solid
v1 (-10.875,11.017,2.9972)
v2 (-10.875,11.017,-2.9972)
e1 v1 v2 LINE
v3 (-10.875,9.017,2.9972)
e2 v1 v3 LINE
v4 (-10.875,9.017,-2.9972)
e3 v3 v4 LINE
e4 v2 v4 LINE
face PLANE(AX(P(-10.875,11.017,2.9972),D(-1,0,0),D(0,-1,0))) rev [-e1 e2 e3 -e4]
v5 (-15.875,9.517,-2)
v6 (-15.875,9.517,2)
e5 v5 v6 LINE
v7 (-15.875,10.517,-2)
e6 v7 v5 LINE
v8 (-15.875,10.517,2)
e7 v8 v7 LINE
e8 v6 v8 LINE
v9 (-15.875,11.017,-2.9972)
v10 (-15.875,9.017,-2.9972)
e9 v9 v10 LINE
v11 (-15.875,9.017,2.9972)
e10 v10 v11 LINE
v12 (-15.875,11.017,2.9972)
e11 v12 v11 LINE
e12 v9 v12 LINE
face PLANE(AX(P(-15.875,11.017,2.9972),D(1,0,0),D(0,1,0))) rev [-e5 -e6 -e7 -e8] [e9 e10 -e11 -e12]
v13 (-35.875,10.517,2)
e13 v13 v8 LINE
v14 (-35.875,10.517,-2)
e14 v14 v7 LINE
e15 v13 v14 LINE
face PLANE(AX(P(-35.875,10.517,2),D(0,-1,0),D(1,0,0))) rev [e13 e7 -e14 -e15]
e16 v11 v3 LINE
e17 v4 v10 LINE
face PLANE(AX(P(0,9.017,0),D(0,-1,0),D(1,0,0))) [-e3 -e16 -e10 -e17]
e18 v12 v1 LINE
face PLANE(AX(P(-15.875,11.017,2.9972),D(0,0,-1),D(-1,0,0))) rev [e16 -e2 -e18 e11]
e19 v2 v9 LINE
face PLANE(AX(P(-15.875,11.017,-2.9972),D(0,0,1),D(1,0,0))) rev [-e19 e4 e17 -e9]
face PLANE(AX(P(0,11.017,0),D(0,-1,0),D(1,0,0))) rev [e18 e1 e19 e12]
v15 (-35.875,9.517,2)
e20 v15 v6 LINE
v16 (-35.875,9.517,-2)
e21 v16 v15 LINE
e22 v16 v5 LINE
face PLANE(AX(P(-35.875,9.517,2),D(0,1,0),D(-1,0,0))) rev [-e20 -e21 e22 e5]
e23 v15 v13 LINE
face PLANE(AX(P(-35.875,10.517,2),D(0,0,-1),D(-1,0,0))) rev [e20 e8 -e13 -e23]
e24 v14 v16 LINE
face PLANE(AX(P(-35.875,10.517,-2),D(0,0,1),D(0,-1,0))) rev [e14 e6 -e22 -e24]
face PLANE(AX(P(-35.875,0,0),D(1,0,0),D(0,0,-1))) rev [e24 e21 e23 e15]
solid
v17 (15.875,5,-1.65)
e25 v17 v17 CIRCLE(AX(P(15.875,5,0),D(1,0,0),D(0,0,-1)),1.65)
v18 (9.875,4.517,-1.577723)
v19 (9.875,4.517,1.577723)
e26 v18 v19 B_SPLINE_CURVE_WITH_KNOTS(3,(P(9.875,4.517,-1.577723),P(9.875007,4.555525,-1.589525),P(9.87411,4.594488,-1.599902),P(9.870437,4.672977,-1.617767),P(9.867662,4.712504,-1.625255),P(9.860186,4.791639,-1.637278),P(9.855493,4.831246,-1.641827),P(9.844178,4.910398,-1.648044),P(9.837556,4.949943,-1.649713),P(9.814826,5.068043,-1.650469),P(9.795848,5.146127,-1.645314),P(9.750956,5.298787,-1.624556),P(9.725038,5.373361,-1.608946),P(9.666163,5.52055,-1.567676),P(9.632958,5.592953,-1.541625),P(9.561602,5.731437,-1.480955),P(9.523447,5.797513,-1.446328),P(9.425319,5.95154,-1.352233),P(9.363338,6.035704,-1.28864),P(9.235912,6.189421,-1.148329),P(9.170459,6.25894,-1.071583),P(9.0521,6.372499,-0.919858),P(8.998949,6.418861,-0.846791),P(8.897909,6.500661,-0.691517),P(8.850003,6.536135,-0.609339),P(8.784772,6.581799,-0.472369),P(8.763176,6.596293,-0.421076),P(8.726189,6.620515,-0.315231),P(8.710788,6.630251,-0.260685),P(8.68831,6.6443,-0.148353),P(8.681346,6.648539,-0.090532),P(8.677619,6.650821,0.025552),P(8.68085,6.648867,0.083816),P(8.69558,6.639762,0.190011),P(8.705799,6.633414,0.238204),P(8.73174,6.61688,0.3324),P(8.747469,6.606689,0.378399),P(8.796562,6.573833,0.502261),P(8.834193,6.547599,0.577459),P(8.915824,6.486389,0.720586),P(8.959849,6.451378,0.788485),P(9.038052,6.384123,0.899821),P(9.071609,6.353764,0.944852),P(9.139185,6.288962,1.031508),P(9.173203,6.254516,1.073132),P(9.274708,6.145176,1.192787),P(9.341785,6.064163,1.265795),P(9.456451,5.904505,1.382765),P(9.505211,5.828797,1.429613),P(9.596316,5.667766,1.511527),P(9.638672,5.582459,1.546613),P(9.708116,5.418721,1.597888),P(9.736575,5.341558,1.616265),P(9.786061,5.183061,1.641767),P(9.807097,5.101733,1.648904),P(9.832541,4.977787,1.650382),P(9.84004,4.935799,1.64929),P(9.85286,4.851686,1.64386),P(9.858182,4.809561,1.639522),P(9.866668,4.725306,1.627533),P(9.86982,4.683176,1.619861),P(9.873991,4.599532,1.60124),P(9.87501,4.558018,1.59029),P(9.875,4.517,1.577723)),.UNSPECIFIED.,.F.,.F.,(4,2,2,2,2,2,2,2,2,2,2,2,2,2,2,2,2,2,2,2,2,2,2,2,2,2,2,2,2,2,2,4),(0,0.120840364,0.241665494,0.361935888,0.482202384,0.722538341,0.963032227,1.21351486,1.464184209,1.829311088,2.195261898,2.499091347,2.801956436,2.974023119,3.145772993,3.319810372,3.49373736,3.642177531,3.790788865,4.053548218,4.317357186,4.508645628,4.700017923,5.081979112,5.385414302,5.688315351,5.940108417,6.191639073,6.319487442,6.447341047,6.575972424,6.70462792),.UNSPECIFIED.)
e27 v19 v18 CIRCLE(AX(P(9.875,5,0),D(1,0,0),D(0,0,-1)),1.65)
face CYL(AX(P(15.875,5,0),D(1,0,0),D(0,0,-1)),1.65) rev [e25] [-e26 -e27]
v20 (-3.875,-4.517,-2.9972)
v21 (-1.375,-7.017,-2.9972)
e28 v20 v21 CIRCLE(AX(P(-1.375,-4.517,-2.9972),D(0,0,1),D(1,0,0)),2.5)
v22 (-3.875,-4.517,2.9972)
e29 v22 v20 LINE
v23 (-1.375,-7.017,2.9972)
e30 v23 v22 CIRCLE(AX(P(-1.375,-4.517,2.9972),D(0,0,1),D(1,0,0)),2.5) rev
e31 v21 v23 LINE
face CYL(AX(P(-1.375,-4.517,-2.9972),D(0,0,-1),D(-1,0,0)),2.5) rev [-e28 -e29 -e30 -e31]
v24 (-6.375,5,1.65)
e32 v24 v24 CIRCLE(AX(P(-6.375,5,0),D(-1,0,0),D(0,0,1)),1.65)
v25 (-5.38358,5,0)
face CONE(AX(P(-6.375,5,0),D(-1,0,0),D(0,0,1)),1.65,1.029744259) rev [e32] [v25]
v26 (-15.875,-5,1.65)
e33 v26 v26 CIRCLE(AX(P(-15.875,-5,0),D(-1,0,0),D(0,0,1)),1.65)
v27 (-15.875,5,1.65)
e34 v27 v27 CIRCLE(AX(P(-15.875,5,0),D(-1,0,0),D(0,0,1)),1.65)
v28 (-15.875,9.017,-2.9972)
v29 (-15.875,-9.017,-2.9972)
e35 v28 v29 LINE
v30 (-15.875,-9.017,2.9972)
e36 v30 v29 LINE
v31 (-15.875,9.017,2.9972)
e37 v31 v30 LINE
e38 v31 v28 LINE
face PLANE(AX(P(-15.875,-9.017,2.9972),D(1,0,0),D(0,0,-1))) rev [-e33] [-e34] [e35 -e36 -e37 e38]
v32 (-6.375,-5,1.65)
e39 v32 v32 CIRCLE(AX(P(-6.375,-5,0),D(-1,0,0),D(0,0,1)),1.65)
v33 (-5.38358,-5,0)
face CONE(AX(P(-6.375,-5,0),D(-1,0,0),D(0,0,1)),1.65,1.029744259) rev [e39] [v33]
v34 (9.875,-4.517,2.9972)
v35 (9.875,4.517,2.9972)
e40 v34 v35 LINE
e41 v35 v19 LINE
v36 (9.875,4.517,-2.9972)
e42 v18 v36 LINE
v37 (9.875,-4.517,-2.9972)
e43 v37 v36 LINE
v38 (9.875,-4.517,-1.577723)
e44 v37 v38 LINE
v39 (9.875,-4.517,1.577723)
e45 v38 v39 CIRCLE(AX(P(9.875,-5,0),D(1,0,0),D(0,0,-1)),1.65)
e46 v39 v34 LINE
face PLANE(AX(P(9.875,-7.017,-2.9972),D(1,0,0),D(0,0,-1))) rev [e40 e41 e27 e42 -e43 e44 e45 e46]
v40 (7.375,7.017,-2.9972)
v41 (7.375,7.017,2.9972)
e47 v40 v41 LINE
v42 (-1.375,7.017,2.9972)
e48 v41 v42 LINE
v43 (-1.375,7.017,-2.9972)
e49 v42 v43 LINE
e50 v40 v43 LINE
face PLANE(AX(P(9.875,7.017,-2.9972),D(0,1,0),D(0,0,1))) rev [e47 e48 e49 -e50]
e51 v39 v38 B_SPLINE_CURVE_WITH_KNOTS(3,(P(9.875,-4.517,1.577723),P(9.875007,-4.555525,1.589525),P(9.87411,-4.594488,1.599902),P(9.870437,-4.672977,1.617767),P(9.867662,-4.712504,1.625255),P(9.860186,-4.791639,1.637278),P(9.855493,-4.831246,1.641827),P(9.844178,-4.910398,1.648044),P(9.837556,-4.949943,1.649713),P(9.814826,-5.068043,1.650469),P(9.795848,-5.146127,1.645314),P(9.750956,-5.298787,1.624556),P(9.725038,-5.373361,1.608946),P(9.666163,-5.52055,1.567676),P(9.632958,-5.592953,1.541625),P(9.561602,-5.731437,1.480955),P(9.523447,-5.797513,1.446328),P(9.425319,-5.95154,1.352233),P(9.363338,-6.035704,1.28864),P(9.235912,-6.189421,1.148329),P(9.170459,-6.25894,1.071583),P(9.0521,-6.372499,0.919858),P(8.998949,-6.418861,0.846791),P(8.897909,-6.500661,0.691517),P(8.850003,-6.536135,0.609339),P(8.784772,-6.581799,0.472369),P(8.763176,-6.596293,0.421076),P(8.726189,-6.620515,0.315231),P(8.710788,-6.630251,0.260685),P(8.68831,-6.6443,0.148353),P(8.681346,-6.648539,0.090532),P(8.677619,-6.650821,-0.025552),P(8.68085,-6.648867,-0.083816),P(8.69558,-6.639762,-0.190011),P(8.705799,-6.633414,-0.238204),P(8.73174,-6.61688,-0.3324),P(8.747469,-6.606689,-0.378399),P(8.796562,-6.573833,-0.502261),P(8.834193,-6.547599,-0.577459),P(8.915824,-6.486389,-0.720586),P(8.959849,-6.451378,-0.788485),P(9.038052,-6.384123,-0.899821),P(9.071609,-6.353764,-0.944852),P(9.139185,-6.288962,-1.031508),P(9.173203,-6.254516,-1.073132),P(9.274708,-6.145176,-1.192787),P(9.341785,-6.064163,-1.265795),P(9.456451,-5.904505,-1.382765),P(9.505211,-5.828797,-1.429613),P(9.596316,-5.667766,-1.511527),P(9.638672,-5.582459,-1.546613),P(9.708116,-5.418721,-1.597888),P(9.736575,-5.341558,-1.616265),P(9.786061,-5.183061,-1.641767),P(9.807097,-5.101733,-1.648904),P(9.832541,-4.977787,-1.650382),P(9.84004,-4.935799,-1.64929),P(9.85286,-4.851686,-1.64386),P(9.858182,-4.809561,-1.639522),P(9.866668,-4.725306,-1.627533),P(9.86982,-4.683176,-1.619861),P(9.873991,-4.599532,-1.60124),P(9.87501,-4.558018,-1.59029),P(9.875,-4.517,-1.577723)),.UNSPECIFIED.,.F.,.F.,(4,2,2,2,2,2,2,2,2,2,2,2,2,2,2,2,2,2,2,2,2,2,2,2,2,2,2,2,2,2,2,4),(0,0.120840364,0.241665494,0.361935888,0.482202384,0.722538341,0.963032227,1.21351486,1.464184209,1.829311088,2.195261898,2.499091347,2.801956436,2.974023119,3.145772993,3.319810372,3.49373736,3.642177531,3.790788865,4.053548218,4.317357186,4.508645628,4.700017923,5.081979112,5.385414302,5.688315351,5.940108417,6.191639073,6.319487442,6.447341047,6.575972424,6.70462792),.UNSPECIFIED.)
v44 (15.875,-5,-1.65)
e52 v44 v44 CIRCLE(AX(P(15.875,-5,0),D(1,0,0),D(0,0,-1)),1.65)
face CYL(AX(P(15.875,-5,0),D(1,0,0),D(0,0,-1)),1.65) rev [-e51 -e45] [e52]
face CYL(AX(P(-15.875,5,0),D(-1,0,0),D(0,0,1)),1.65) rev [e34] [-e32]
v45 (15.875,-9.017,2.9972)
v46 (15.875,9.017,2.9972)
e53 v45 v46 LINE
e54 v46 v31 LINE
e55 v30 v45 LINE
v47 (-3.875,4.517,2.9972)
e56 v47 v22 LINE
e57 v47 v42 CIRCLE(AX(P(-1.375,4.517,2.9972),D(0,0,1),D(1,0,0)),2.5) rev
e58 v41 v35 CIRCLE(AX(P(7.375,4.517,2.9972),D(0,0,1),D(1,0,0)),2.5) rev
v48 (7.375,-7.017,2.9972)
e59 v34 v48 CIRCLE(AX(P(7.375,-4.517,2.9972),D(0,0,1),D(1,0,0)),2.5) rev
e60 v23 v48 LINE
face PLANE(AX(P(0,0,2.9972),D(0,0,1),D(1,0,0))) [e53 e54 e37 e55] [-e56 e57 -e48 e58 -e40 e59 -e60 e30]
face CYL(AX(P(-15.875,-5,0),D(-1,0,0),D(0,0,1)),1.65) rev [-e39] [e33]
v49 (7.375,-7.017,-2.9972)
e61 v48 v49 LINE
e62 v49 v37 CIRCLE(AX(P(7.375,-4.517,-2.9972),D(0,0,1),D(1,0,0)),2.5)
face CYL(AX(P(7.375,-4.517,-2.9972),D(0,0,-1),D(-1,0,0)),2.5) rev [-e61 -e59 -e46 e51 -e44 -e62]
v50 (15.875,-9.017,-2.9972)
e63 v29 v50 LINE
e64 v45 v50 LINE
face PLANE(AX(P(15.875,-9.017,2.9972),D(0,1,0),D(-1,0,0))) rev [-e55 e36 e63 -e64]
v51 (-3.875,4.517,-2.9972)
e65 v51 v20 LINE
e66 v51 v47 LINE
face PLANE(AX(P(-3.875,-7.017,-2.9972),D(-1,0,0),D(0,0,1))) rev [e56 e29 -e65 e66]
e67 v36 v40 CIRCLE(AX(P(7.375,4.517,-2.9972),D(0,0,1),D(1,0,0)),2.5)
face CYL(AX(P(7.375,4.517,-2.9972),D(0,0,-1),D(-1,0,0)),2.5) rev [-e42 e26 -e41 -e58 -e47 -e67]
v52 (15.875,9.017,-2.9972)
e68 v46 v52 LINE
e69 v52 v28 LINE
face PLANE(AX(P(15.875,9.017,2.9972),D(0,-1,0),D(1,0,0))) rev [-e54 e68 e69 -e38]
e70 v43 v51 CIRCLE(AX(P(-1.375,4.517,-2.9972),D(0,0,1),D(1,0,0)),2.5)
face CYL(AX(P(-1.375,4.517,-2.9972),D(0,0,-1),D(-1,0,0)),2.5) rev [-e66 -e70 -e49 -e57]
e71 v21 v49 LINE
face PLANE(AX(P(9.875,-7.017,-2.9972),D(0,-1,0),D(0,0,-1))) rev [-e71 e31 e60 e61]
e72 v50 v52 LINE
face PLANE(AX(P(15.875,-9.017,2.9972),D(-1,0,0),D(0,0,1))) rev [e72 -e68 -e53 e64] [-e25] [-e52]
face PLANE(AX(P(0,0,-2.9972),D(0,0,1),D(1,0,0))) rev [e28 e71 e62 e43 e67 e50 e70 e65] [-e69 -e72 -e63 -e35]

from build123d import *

# Parameters (mm, degrees)
SKETCH1_W                  = 31.75
SKETCH1_H                  = 18.034
BOSS_EXTRUDE1_DEPTH        = 2.9972
SKETCH8_W                  = 13.75
SKETCH8_H                  = 14.034
CUT_EXTRUDE3_DEPTH         = 20.216002325
FILLET1_R                  = 2.5
M4_TAPPED_HOLE1_AT_2_COUNT = 2
M4_TAPPED_HOLE1_AT_2_PITCH = 10
SKETCH6_W                  = 5
SKETCH6_H                  = 5.9944
BOSS_EXTRUDE2_DEPTH        = 2
SKETCH7_W                  = 4
SKETCH7_H                  = 1
BOSS_EXTRUDE3_DEPTH        = 20


with BuildPart() as part:
    # Sketch1 → Boss-Extrude1 (new, symmetric)
    with BuildSketch(Plane.XY):
        Rectangle(SKETCH1_W, SKETCH1_H)
    extrude(amount=BOSS_EXTRUDE1_DEPTH, both=True)

    # Sketch8 → Cut-Extrude3 (cut, through all)
    with BuildSketch(Plane.XY.offset(2.9972)):
        with Locations((3, 0)):
            Rectangle(SKETCH8_W, SKETCH8_H)
    extrude(amount=-CUT_EXTRUDE3_DEPTH, mode=Mode.SUBTRACT)

    # Fillet1
    fillet1_edges = [part.edges().sort_by_distance(p)[0] for p in [
        (-3.875, -7.017, 0),
        (-3.875, 7.017, 0),
        (9.875, 7.017, 0),
        (9.875, -7.017, 0),
    ]]
    fillet(fillet1_edges, radius=FILLET1_R)

    # Sketch3 → M4 Tapped Hole1 (revolve, cut)
    with BuildSketch(Plane(origin=(15.875, 5, 0), x_dir=(0, 0, -1), z_dir=(0, 1, 0))):
        Polygon((0, 0), (0, 10.491420021), (1.65, 9.5), (1.65, 0), align=None)
    m4_tapped_hole1 = revolve(axis=Axis((22.225, 5, 0), (-1, 0, 0)), mode=Mode.SUBTRACT)

    # M4 Tapped Hole1 at 2: M4 Tapped Hole1 ×2
    with Locations(*[(0, -i * M4_TAPPED_HOLE1_AT_2_PITCH, 0) for i in range(1, M4_TAPPED_HOLE1_AT_2_COUNT)]):
        add(m4_tapped_hole1, mode=Mode.SUBTRACT)

    # Mirror1: M4 Tapped Hole1 across plane
    add(m4_tapped_hole1.mirror(Plane(origin=(0, 0, 0), x_dir=(0, 0, 1), z_dir=(1, 0, 0))), mode=Mode.SUBTRACT)

    # Mirror1 copy 1 sketch → Mirror1 copy 1 (revolve, cut)
    with BuildSketch(Plane(origin=(-15.875, -5, 0), x_dir=(0, 0, -1), z_dir=(0, 1, 0))):
        Polygon((0, 0), (0, -10.491420021), (1.65, -9.5), (1.65, 0), align=None)
    revolve(axis=Axis((-22.225, -5, 0), (-1, 0, 0)), mode=Mode.SUBTRACT)


with BuildPart() as body_2:
    # Sketch6 → Boss-Extrude2 (new body)
    with BuildSketch(Plane(origin=(0, 9.017, 0), x_dir=(1, 0, 0), z_dir=(0, 1, 0))):
        with Locations((-13.375, 0)):
            Rectangle(SKETCH6_W, SKETCH6_H)
    extrude(amount=BOSS_EXTRUDE2_DEPTH)

    # Sketch7 → Boss-Extrude3 (add)
    with BuildSketch(Plane.ZY.offset(15.875)):
        with Locations((0, 10.017)):
            Rectangle(SKETCH7_W, SKETCH7_H)
    extrude(amount=BOSS_EXTRUDE3_DEPTH)


solid = Compound([part.part, body_2.part])
